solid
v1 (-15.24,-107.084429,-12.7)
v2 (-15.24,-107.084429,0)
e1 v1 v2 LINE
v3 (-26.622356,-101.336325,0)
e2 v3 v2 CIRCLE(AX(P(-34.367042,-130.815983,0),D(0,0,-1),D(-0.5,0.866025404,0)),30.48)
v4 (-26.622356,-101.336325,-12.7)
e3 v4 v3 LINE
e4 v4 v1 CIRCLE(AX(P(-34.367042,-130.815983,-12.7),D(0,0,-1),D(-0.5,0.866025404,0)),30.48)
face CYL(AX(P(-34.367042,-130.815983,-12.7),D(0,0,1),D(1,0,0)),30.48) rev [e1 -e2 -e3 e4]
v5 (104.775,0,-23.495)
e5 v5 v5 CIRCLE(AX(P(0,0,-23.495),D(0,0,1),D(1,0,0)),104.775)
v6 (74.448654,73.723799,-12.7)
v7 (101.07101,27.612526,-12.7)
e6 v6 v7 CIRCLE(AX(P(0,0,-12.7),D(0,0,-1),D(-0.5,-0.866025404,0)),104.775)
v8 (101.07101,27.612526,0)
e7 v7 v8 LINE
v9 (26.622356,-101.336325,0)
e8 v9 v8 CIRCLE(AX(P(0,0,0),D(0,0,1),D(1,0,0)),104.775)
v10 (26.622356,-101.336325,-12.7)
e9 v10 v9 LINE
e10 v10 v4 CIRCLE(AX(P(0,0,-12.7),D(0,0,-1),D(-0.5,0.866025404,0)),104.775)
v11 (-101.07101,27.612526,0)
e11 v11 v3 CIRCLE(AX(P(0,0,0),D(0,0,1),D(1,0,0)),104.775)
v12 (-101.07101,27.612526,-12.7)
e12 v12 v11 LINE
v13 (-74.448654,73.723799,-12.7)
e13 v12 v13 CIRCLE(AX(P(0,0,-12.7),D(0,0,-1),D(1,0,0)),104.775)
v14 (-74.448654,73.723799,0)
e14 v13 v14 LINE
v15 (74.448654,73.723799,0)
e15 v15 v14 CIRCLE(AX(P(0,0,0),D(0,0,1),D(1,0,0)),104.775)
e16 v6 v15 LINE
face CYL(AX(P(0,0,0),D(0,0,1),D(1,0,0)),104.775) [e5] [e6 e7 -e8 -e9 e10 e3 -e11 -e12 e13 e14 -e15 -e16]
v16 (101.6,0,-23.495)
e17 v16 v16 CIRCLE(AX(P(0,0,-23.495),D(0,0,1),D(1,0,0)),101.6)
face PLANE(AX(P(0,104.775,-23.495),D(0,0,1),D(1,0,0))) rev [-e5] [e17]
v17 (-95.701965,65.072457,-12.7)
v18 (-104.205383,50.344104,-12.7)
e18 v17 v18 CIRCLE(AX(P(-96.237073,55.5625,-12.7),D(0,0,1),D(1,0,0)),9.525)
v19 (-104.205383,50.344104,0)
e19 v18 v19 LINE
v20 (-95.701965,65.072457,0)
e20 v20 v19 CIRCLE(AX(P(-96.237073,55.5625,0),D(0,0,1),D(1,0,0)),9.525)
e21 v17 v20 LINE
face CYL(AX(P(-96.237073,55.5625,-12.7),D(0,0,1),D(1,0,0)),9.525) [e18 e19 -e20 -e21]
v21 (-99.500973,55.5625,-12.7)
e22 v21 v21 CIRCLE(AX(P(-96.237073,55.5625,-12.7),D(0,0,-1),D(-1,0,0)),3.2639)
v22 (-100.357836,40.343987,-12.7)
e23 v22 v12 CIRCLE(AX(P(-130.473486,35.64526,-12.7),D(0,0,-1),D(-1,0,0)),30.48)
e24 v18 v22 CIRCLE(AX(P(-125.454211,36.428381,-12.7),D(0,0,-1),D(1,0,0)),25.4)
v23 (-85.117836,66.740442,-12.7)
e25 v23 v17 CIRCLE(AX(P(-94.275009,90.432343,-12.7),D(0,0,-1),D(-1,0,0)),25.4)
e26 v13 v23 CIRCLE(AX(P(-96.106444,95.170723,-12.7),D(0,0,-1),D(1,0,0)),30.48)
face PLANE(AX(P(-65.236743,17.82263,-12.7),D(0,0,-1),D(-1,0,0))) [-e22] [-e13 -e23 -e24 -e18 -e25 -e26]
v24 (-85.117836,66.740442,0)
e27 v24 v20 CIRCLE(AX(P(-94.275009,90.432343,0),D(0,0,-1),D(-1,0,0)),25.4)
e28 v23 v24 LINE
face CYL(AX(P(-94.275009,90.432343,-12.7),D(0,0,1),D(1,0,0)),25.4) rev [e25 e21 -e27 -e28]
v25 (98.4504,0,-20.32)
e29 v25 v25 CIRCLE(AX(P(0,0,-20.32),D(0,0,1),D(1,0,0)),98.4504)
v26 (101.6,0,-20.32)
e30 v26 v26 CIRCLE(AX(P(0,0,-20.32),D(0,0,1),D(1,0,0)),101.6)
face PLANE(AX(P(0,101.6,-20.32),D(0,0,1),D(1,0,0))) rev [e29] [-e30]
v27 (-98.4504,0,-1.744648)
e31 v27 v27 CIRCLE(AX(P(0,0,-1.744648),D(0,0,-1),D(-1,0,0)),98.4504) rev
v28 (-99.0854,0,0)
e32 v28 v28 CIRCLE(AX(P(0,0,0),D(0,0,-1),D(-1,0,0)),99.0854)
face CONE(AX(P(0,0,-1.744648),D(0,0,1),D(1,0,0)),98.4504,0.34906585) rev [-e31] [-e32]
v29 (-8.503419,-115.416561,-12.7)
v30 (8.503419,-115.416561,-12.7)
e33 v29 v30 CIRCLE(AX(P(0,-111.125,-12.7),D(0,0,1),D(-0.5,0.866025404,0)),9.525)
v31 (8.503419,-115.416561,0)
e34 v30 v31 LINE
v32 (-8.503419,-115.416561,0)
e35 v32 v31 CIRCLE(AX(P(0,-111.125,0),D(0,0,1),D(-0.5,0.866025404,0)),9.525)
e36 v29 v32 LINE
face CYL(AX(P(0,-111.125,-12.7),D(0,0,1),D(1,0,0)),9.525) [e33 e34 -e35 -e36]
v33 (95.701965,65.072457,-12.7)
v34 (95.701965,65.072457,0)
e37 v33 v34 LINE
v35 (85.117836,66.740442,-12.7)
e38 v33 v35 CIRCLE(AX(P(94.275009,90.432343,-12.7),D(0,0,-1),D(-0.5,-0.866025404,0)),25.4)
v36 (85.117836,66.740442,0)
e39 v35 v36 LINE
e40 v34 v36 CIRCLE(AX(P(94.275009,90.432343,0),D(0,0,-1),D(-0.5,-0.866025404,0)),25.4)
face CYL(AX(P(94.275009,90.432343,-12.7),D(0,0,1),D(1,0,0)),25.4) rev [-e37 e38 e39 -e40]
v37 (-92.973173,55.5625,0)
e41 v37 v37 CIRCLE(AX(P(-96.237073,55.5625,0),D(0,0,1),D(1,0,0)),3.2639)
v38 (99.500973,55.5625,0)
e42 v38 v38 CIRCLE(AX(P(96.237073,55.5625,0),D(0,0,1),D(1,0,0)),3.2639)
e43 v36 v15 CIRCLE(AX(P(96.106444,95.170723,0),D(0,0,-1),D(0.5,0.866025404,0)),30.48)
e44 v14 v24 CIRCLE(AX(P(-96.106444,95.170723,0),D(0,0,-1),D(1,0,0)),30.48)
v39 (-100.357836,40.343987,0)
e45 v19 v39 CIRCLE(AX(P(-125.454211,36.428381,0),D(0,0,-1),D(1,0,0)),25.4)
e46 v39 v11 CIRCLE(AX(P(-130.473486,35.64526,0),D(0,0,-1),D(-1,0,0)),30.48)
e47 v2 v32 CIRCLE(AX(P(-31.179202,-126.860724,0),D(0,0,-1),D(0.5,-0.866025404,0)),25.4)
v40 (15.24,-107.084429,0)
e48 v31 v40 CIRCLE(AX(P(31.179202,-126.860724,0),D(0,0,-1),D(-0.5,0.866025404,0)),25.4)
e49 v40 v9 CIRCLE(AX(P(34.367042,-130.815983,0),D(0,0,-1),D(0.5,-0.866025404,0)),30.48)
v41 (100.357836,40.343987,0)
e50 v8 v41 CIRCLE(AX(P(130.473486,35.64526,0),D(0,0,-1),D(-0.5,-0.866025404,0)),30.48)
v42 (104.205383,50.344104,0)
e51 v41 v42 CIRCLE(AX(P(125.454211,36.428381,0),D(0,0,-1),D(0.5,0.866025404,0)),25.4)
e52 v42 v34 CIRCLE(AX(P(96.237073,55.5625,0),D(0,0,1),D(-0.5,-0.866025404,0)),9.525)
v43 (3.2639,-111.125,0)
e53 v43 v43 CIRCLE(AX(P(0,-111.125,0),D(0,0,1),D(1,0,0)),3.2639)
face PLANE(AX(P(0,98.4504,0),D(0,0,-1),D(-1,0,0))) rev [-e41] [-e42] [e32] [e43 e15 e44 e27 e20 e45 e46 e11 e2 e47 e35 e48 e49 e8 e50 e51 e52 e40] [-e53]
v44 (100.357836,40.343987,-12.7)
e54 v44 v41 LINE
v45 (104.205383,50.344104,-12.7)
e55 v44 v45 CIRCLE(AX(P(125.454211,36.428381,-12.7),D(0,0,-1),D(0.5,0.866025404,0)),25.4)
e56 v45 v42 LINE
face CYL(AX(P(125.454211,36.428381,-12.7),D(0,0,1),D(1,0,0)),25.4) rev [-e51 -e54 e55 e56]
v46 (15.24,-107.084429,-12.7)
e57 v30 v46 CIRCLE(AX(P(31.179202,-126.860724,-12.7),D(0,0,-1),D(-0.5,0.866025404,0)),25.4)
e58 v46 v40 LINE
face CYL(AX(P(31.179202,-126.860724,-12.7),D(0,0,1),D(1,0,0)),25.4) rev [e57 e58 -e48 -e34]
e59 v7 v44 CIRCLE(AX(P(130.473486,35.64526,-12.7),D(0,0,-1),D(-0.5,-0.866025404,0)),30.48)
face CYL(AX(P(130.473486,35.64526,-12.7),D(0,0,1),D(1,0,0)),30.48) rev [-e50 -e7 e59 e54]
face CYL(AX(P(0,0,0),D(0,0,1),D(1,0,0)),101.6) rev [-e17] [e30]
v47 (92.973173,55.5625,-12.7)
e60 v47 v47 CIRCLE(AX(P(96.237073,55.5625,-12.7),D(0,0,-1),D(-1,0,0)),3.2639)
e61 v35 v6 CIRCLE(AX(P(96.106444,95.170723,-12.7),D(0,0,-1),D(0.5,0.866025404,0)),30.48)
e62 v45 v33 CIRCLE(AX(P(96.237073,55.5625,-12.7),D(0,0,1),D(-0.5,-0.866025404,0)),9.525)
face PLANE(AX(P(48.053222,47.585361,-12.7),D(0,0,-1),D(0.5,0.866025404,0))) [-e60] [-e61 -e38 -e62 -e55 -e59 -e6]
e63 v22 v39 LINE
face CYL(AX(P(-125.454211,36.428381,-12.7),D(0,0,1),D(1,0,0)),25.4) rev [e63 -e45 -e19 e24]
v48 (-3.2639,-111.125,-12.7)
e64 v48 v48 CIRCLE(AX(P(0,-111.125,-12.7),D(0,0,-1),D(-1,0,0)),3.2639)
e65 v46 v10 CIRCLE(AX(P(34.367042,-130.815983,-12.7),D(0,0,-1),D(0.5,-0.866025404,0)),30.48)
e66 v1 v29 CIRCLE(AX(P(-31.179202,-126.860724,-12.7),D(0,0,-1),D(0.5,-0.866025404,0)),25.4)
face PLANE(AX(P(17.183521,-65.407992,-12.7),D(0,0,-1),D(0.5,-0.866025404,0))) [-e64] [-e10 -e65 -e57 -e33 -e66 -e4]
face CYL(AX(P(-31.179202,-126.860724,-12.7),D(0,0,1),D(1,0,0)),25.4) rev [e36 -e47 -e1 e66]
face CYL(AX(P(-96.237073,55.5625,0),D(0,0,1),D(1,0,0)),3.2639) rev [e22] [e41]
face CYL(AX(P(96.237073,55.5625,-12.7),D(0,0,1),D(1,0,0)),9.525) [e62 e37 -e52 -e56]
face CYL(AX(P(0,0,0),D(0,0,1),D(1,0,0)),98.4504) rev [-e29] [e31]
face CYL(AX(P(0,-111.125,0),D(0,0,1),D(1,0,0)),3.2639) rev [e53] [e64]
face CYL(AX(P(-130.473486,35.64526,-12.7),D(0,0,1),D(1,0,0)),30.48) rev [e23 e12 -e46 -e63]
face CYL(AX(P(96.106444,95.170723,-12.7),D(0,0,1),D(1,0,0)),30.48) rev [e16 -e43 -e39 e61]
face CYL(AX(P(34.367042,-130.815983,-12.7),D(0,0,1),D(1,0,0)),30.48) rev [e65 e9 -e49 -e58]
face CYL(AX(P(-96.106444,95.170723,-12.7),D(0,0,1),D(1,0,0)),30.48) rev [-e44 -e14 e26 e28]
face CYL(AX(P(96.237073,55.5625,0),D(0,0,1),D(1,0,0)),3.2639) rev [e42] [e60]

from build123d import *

# Parameters (mm, degrees)
BOSS_EXTRUDE2_START     = -12.7
BOSS_EXTRUDE2_DEPTH     = 12.7
F_1_4_CLEARANCE_HOLE1_D = 6.5278
CIRPATTERN3_COUNT       = 3
CHAMFER1_SIZE           = 0.635
CHAMFER1_SIZE2          = 1.744648161


with BuildPart() as part:
    # Sketch3 → Revolve1 (revolve)
    with BuildSketch(Plane(origin=(0, 0, 0), x_dir=(0, 0, -1), z_dir=(1, 0, 0)), mode=Mode.PRIVATE) as revolve1_sk:
        Polygon((0, 104.775), (23.495, 104.775), (23.495, 101.6), (20.32, 101.6), (20.32, 98.4504), (0, 98.4504), align=None)
    revolve(revolve1_sk.sketch.rotate(Axis((0, 0, 0), (0, 0, -1)), 90), axis=Axis((0, 0, 0), (0, 0, -1)))

    # Sketch8 → Boss-Extrude2 (add)
    with BuildSketch(Plane.XY.offset(BOSS_EXTRUDE2_START)):
        with BuildLine():
            ThreePointArc((-95.701964649, 65.072457101), (-104.485964967, 60.325), (-104.205383261, 50.344104028))
            ThreePointArc((-104.205383261, 50.344104028), (-101.748303649, 45.549235235), (-100.357835782, 40.343987299))
            ThreePointArc((-100.357835782, 40.343987299), (-100.041194467, 33.940544408), (-101.071009975, 27.612525556))
            ThreePointArc((-101.071009975, 27.612525556), (-90.737811682, 52.3875), (-74.448653582, 73.723799447))
            ThreePointArc((-74.448653582, 73.723799447), (-79.41397091, 69.667943629), (-85.117835782, 66.740441606))
            ThreePointArc((-85.117835782, 66.740441606), (-90.320946661, 65.341998135), (-95.701964649, 65.072457101))
        make_face()
    boss_extrude2 = extrude(amount=BOSS_EXTRUDE2_DEPTH)

    # 1/4 Clearance Hole1 (through all)
    with Locations(Plane(origin=(-78.9129789, -32.747864356, 0), x_dir=(1, 0, 0), z_dir=(0, 0, 1))):
        with Locations((-17.324094096, 88.310364356)):
            f_1_4_clearance_hole1 = Hole(F_1_4_CLEARANCE_HOLE1_D / 2)

    # CirPattern3: Boss-Extrude2, 1/4 Clearance Hole1 ×3 about axis
    cirpattern3_axis = Axis((0, 0, 0), (0, 0, 1))
    add([boss_extrude2.rotate(cirpattern3_axis, i * 360 / CIRPATTERN3_COUNT) for i in range(1, CIRPATTERN3_COUNT)])
    add([f_1_4_clearance_hole1.rotate(cirpattern3_axis, i * 360 / CIRPATTERN3_COUNT) for i in range(1, CIRPATTERN3_COUNT)], mode=Mode.SUBTRACT)

    # Chamfer1
    chamfer1_edges = [part.edges().sort_by_distance(p)[0] for p in [
        (-98.4504, 0, 0),
    ]]
    chamfer1_side = [part.faces().sort_by_distance(p)[0] for p in [
        (80.519485647, -62.098271917, 0),
    ]]
    chamfer(chamfer1_edges, length=CHAMFER1_SIZE, length2=CHAMFER1_SIZE2, reference=chamfer1_side[0])


solid = part.part
